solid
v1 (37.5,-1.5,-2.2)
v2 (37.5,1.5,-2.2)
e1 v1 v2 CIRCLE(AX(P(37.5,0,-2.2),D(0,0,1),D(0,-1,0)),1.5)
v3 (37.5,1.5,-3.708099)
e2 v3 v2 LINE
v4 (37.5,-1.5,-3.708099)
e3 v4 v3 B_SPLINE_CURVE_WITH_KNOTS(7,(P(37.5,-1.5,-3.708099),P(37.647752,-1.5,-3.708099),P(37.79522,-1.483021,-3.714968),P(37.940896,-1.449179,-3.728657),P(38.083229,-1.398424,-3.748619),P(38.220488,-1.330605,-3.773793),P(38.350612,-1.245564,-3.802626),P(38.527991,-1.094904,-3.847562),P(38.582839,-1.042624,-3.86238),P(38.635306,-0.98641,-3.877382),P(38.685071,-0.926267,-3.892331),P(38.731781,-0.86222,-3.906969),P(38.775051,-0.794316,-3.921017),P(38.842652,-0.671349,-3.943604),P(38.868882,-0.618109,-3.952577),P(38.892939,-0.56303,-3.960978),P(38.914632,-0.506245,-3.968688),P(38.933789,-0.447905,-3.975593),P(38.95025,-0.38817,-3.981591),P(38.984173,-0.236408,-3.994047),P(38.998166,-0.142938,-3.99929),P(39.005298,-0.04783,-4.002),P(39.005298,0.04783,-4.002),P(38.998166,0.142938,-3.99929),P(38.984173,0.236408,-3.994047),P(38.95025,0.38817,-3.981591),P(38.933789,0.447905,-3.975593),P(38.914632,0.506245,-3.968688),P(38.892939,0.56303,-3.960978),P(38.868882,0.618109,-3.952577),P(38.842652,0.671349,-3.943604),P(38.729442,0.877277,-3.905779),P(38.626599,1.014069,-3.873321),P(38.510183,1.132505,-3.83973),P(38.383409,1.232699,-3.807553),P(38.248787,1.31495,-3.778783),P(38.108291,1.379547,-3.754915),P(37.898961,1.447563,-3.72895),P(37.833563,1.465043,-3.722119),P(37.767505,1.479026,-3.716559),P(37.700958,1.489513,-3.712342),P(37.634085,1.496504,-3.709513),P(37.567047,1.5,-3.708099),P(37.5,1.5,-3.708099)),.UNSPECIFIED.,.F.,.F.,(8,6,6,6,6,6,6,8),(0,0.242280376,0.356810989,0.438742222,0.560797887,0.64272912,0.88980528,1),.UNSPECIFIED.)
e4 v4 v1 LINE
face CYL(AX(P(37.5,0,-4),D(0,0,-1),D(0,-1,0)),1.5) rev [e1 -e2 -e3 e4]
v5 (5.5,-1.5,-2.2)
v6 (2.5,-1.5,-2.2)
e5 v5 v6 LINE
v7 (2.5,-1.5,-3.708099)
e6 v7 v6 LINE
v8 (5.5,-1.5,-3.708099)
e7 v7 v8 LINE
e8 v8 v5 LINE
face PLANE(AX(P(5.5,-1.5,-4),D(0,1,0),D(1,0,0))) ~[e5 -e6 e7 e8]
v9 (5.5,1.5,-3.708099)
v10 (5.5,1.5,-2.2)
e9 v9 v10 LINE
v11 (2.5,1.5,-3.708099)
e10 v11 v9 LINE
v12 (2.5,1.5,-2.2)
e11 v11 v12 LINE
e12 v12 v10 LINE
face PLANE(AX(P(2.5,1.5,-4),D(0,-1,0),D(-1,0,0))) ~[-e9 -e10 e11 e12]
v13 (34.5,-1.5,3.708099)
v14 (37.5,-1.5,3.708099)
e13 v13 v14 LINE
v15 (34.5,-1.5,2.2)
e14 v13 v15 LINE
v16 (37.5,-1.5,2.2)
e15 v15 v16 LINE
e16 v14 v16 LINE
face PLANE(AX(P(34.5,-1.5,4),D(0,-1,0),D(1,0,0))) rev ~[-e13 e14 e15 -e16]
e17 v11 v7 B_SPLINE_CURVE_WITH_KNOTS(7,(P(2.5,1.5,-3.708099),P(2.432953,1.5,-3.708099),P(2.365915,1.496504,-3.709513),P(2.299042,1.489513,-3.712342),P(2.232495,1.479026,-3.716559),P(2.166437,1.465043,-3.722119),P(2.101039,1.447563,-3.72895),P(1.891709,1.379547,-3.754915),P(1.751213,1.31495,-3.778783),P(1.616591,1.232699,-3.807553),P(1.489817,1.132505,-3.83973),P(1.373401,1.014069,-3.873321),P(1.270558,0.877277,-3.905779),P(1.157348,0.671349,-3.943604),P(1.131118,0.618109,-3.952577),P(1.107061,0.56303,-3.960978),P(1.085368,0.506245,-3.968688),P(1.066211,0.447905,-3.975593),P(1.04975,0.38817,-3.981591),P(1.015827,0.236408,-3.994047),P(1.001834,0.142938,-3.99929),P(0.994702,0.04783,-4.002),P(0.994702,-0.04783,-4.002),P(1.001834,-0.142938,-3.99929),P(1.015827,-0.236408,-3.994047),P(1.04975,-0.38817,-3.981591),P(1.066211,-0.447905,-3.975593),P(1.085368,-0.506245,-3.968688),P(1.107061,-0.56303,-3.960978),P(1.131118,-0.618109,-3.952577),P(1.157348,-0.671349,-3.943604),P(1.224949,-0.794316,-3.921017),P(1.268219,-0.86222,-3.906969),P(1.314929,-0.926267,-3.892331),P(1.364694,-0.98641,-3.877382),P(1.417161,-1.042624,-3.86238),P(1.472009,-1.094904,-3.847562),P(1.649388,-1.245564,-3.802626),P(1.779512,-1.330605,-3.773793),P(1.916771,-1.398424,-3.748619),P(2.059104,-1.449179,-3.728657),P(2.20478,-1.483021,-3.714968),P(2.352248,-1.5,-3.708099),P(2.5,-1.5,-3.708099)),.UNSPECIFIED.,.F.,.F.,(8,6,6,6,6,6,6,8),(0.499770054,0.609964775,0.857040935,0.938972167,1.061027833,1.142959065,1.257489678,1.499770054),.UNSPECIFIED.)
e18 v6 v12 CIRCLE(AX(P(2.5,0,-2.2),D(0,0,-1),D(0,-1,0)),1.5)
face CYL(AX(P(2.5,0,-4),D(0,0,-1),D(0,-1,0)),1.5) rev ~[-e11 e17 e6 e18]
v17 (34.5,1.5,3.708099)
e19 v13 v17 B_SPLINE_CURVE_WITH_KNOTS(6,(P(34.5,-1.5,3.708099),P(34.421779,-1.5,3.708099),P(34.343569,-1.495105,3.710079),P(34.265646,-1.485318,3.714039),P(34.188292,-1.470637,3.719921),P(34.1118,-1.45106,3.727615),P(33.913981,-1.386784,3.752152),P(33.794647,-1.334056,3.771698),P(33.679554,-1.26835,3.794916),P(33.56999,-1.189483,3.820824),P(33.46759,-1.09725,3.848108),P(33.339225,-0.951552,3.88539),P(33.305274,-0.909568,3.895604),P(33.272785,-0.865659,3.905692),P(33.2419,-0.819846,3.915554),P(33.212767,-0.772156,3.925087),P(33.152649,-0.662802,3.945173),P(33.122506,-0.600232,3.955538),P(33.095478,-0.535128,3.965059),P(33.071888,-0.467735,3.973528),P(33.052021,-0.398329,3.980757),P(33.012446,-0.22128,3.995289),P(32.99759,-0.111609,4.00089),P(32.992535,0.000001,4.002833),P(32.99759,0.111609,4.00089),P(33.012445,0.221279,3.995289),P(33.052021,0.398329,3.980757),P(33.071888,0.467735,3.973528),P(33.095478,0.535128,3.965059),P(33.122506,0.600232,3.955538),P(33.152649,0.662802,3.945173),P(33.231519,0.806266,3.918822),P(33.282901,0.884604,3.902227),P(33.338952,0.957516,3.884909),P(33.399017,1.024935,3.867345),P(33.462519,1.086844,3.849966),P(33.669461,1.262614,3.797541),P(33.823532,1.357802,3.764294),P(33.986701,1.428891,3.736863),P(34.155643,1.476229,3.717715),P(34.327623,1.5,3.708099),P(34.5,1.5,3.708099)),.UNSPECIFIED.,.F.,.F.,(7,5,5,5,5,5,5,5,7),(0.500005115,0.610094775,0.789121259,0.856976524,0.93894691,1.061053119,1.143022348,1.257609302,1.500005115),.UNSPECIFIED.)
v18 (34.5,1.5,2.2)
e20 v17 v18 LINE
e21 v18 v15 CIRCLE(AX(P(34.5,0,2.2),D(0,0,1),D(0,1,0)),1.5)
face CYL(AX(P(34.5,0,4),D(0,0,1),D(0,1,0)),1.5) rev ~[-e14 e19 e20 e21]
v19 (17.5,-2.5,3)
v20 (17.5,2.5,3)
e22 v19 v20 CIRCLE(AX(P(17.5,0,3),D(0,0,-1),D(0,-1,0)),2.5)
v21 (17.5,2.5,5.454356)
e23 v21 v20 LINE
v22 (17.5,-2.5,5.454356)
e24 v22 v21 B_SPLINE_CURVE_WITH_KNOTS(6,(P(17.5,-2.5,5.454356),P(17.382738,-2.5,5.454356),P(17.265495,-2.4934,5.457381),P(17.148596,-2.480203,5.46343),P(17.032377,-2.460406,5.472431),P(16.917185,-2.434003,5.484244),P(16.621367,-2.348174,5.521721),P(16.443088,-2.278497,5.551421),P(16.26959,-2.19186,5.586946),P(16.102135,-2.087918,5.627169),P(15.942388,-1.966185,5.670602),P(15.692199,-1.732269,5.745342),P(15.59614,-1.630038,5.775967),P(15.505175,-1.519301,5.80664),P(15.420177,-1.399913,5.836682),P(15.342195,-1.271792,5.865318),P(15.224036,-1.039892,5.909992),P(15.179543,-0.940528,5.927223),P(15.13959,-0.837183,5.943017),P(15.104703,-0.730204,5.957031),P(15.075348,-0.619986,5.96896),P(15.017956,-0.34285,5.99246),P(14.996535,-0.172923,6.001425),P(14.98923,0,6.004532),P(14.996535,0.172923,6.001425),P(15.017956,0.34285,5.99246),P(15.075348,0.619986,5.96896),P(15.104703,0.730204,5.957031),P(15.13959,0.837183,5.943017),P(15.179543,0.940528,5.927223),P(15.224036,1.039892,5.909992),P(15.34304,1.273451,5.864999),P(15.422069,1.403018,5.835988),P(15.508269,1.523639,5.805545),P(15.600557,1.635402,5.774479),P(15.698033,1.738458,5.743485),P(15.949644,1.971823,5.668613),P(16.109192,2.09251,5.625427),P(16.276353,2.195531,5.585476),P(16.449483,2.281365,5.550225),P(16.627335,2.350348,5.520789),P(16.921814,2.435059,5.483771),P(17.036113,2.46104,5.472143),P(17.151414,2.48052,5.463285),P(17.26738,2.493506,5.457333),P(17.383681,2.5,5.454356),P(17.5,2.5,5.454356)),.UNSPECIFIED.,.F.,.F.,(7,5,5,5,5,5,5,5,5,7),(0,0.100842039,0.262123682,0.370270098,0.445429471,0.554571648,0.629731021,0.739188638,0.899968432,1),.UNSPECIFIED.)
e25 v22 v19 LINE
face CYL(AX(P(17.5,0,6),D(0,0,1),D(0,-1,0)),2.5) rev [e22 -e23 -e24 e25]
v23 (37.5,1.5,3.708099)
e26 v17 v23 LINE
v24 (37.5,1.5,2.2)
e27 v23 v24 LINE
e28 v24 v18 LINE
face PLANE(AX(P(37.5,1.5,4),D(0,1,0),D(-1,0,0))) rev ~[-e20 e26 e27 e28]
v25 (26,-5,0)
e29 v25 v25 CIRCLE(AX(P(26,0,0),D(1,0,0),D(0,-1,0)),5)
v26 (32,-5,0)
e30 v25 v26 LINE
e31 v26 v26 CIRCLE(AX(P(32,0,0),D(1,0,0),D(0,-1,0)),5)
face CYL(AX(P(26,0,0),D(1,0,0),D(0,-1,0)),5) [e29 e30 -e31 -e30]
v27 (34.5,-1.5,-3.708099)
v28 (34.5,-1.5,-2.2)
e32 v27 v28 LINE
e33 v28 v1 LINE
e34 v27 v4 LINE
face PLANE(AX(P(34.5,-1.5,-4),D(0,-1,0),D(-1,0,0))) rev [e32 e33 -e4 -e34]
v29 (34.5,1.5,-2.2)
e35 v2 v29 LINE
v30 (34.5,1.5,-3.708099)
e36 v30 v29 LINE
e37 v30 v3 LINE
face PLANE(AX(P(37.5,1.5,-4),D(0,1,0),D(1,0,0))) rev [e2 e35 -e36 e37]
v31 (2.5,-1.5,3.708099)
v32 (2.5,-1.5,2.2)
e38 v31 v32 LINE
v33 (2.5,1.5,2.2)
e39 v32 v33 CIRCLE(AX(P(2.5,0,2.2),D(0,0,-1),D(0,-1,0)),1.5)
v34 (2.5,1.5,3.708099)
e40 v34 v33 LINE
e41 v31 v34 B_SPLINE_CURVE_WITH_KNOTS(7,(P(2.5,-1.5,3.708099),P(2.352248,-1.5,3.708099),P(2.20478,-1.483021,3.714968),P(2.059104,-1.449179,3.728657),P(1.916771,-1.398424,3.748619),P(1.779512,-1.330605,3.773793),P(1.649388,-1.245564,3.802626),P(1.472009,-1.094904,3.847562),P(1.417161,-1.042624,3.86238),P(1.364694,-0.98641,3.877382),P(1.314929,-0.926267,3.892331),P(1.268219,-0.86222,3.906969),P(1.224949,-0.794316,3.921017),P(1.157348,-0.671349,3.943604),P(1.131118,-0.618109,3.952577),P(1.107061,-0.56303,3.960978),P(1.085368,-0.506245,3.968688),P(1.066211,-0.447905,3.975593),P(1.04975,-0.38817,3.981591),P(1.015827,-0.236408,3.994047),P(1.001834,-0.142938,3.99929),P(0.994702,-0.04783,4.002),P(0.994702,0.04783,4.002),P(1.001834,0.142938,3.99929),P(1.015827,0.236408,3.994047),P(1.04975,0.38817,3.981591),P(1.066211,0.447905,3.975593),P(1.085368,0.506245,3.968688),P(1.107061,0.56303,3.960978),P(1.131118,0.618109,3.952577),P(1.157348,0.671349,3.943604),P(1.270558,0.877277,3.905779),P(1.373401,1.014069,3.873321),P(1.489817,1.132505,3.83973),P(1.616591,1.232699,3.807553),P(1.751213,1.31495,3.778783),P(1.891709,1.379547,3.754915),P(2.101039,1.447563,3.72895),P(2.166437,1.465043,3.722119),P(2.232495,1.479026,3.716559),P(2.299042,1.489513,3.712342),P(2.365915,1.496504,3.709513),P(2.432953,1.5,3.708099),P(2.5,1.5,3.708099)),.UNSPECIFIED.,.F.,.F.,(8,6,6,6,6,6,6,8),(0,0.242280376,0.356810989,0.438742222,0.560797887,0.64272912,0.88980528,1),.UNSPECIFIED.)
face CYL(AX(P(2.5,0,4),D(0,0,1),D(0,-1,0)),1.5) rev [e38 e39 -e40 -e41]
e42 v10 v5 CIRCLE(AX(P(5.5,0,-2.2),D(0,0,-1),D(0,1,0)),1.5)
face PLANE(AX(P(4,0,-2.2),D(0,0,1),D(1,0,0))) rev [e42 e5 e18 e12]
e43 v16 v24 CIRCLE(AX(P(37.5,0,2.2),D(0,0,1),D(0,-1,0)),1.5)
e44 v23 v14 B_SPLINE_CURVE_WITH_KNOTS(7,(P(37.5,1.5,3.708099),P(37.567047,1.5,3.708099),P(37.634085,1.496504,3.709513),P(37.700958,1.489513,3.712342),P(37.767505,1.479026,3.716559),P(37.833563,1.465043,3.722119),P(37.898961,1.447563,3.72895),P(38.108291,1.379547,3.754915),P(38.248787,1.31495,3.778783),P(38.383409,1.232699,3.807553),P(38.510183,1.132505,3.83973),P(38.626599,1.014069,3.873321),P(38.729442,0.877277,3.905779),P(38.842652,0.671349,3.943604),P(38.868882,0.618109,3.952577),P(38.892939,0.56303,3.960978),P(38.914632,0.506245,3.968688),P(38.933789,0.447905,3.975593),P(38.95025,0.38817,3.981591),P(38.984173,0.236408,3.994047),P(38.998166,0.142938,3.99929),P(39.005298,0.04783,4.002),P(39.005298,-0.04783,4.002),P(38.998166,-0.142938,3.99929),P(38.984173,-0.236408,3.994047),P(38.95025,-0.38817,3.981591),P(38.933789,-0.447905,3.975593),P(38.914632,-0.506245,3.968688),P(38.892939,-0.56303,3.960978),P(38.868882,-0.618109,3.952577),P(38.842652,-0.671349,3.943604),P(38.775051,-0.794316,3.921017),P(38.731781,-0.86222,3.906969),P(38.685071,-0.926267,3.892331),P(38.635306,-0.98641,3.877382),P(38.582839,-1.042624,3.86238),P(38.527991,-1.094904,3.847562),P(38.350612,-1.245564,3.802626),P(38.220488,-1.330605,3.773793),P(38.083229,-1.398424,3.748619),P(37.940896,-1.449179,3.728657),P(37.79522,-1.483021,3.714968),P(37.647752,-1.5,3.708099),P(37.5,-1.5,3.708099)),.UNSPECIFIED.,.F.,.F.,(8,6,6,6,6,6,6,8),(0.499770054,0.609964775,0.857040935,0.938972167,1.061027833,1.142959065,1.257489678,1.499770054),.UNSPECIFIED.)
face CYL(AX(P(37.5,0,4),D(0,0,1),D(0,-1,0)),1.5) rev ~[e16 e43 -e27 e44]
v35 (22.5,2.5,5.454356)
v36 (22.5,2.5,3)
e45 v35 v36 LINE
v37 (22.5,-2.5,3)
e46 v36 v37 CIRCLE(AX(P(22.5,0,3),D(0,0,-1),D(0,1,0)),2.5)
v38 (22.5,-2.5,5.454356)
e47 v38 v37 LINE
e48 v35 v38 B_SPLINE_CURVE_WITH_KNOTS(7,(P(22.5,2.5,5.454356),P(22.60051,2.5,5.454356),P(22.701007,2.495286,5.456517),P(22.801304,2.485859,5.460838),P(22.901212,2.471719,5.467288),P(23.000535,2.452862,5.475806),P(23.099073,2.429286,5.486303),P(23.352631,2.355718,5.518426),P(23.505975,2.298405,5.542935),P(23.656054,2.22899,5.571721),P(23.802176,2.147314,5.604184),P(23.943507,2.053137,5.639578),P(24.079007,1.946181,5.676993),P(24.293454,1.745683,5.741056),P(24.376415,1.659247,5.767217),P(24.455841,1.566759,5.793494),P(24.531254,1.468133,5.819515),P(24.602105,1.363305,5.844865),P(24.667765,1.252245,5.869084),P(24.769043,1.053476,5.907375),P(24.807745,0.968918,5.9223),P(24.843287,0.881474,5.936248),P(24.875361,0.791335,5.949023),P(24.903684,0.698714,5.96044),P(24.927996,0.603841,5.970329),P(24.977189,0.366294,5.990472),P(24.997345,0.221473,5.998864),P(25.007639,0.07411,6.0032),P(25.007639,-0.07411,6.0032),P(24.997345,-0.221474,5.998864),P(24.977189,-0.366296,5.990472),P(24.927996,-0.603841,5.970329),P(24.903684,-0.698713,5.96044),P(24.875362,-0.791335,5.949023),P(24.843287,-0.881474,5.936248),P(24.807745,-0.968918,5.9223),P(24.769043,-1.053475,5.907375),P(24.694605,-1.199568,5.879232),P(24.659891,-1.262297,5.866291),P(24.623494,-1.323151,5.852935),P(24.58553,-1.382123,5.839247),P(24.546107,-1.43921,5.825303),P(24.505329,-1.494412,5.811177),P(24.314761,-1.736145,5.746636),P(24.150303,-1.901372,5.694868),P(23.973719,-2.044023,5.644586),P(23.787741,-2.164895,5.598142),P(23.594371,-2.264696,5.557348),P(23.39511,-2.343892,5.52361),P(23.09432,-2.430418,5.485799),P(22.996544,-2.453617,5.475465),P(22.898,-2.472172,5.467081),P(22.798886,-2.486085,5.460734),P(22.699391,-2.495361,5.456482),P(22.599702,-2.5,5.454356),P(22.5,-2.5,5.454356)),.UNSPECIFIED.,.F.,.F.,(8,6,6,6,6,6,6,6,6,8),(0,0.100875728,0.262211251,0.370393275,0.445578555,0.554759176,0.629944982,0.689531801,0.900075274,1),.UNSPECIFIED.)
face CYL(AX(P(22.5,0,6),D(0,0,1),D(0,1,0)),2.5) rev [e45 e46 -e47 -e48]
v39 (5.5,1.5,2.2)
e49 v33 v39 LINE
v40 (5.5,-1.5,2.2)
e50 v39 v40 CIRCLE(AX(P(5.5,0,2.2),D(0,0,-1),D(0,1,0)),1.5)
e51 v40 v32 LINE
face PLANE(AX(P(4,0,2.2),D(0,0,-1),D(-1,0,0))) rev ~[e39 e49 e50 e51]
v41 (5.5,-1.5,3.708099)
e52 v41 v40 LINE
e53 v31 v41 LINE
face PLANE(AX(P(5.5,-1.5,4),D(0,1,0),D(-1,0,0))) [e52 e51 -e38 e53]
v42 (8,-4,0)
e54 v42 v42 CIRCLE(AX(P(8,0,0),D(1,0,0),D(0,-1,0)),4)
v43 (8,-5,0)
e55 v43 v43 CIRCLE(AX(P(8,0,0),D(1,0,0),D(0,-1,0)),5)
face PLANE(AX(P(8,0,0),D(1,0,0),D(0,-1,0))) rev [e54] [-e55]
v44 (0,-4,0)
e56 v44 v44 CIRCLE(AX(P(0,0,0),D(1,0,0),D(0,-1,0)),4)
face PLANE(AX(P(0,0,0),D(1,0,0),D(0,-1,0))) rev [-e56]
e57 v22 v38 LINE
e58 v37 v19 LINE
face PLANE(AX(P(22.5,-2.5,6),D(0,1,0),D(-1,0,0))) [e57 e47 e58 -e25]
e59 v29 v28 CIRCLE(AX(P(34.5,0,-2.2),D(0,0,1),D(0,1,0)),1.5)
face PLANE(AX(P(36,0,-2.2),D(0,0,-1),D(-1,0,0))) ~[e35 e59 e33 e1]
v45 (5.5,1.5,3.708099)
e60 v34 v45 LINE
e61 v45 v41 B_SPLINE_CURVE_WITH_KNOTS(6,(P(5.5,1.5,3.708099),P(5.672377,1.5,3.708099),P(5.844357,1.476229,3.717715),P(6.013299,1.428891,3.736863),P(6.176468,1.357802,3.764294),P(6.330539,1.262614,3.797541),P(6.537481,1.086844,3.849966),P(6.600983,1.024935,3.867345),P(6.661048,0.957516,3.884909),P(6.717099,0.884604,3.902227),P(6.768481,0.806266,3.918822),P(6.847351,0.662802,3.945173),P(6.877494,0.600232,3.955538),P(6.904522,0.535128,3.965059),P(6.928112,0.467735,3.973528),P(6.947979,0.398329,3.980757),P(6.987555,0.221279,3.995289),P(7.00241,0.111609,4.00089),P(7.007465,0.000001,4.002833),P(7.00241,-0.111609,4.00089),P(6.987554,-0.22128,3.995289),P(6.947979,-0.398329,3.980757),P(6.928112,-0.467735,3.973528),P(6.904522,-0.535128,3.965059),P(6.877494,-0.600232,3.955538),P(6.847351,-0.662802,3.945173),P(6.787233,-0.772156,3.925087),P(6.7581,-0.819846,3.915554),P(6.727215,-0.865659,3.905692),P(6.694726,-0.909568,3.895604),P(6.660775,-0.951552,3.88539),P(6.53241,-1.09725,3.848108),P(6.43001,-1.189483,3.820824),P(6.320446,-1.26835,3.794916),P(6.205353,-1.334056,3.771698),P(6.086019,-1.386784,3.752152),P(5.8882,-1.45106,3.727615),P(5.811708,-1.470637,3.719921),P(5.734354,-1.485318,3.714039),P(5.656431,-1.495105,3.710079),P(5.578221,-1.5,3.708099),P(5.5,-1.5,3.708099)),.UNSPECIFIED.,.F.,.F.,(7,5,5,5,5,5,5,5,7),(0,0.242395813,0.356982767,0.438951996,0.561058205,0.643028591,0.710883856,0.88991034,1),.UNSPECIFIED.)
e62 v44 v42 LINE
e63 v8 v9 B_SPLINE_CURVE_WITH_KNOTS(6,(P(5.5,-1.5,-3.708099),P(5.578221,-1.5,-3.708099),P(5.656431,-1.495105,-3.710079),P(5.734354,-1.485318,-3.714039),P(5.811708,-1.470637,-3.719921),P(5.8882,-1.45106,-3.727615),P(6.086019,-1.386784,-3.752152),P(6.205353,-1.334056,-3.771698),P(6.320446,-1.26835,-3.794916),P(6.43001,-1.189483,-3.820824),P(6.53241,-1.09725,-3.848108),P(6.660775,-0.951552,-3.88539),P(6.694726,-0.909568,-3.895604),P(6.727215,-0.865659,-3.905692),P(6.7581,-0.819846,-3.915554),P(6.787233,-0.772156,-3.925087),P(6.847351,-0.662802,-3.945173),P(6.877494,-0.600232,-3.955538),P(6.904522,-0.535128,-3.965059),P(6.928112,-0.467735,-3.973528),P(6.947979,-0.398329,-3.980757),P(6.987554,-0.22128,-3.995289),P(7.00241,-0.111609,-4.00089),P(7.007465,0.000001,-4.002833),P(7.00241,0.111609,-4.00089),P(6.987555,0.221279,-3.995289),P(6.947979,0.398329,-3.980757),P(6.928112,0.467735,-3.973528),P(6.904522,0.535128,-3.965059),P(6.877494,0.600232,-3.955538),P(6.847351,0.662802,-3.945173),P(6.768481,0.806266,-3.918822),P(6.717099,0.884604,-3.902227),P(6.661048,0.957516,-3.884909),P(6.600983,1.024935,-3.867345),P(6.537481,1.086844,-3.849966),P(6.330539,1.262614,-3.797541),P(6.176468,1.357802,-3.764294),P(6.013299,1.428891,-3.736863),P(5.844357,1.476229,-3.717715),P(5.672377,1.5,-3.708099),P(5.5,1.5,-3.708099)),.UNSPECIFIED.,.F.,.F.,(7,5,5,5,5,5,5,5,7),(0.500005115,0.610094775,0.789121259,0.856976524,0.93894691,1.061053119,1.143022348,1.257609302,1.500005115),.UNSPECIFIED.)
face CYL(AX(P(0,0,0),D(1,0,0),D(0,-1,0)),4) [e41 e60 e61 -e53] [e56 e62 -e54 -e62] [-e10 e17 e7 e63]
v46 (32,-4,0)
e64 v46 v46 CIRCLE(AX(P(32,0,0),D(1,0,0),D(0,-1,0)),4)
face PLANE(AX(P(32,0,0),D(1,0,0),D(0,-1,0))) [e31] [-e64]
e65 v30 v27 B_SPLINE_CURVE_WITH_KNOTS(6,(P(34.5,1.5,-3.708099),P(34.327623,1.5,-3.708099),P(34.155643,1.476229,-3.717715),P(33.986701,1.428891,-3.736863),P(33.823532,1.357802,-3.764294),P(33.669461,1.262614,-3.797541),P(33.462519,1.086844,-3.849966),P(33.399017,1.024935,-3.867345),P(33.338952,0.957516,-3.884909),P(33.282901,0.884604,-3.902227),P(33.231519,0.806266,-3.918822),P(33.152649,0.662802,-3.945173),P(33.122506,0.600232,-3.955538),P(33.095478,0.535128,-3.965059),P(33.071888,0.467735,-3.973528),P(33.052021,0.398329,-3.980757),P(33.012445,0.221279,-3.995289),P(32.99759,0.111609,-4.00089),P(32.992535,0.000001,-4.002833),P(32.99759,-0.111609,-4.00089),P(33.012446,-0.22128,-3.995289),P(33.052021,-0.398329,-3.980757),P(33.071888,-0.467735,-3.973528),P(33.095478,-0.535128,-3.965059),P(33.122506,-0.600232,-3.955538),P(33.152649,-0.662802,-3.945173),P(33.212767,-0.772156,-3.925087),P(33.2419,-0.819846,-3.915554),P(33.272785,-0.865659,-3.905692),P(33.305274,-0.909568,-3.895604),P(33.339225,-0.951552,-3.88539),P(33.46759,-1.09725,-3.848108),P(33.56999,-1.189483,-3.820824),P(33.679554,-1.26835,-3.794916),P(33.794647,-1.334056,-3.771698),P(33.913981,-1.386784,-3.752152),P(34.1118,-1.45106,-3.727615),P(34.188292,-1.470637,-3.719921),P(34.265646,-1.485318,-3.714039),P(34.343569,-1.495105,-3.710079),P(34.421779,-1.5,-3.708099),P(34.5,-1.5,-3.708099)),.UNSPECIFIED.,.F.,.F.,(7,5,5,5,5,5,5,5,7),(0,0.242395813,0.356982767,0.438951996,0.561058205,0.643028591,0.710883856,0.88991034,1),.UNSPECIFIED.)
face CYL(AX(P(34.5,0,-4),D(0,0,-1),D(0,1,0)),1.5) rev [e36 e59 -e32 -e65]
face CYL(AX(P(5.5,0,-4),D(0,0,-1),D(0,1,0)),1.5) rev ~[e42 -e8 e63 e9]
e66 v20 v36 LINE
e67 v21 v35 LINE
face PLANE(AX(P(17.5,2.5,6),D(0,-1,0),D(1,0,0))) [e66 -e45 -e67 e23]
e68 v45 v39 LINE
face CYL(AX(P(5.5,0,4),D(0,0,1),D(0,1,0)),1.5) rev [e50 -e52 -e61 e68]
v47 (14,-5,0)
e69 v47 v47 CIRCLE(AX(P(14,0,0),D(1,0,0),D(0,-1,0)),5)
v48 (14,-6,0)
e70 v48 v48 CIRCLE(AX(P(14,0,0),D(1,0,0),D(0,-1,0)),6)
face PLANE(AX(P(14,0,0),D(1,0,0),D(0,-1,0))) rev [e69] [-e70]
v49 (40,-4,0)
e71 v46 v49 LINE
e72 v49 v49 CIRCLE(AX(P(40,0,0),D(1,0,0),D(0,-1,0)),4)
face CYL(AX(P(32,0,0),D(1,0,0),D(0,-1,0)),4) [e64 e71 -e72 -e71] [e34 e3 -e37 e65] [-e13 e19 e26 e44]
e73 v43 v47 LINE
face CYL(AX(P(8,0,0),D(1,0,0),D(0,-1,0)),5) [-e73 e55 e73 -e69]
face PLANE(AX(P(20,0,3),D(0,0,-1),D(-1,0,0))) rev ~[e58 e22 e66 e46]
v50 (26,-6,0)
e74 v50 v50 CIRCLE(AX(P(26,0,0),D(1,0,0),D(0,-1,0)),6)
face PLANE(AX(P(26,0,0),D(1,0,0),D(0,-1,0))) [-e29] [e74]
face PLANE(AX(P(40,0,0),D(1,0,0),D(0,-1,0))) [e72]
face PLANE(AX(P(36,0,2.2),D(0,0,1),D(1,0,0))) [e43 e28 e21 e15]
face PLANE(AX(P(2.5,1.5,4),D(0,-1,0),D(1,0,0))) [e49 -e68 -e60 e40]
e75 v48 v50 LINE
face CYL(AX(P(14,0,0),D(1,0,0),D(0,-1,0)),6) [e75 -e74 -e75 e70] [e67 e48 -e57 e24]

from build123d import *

# Parameters (mm, degrees)
CUT_EXTRUDE_1_DEPTH = 3
CUT_EXTRUDE_2_DEPTH = 1.8


with BuildPart() as part:
    # 草图1 → 旋转1 (revolve)
    with BuildSketch(Plane.XY, mode=Mode.PRIVATE) as revolve_1_sk:
        Polygon((0, 0), (0, 4), (8, 4), (8, 5), (14, 5), (14, 6), (26, 6), (26, 5), (32, 5), (32, 4), (40, 4), (40, 0), align=None)
    revolve(revolve_1_sk.sketch.rotate(Axis((0, 0, 0), (1, 0, 0)), 180), axis=Axis((0, 0, 0), (1, 0, 0)))

    # 草图2 → 切除-拉伸1 (cut)
    with BuildSketch(Plane.XY.offset(6)):
        with BuildLine():
            Line((17.5, 2.5), (22.5, 2.5))
            ThreePointArc((22.5, 2.5), (25, 0), (22.5, -2.5))
            Line((22.5, -2.5), (17.5, -2.5))
            ThreePointArc((17.5, -2.5), (15, 0), (17.5, 2.5))
        make_face()
    extrude(amount=-CUT_EXTRUDE_1_DEPTH, mode=Mode.SUBTRACT)

    # 草图3 → 切除-拉伸2 (cut)
    with BuildSketch(Plane.XY.offset(4)):
        with BuildLine():
            Line((2.5, 1.5), (5.5, 1.5))
            ThreePointArc((5.5, 1.5), (7, 0), (5.5, -1.5))
            Line((5.5, -1.5), (2.5, -1.5))
            ThreePointArc((2.5, -1.5), (1, 0), (2.5, 1.5))
        make_face()
        with BuildLine():
            Line((37.5, 1.5), (34.5, 1.5))
            ThreePointArc((34.5, 1.5), (33, 0), (34.5, -1.5))
            Line((34.5, -1.5), (37.5, -1.5))
            ThreePointArc((37.5, -1.5), (39, 0), (37.5, 1.5))
        make_face()
    cut_extrude_2 = extrude(amount=-CUT_EXTRUDE_2_DEPTH, mode=Mode.SUBTRACT)

    # 镜向1: 切除-拉伸2 across plane
    add(cut_extrude_2.mirror(Plane.XY), mode=Mode.SUBTRACT)


solid = part.part
